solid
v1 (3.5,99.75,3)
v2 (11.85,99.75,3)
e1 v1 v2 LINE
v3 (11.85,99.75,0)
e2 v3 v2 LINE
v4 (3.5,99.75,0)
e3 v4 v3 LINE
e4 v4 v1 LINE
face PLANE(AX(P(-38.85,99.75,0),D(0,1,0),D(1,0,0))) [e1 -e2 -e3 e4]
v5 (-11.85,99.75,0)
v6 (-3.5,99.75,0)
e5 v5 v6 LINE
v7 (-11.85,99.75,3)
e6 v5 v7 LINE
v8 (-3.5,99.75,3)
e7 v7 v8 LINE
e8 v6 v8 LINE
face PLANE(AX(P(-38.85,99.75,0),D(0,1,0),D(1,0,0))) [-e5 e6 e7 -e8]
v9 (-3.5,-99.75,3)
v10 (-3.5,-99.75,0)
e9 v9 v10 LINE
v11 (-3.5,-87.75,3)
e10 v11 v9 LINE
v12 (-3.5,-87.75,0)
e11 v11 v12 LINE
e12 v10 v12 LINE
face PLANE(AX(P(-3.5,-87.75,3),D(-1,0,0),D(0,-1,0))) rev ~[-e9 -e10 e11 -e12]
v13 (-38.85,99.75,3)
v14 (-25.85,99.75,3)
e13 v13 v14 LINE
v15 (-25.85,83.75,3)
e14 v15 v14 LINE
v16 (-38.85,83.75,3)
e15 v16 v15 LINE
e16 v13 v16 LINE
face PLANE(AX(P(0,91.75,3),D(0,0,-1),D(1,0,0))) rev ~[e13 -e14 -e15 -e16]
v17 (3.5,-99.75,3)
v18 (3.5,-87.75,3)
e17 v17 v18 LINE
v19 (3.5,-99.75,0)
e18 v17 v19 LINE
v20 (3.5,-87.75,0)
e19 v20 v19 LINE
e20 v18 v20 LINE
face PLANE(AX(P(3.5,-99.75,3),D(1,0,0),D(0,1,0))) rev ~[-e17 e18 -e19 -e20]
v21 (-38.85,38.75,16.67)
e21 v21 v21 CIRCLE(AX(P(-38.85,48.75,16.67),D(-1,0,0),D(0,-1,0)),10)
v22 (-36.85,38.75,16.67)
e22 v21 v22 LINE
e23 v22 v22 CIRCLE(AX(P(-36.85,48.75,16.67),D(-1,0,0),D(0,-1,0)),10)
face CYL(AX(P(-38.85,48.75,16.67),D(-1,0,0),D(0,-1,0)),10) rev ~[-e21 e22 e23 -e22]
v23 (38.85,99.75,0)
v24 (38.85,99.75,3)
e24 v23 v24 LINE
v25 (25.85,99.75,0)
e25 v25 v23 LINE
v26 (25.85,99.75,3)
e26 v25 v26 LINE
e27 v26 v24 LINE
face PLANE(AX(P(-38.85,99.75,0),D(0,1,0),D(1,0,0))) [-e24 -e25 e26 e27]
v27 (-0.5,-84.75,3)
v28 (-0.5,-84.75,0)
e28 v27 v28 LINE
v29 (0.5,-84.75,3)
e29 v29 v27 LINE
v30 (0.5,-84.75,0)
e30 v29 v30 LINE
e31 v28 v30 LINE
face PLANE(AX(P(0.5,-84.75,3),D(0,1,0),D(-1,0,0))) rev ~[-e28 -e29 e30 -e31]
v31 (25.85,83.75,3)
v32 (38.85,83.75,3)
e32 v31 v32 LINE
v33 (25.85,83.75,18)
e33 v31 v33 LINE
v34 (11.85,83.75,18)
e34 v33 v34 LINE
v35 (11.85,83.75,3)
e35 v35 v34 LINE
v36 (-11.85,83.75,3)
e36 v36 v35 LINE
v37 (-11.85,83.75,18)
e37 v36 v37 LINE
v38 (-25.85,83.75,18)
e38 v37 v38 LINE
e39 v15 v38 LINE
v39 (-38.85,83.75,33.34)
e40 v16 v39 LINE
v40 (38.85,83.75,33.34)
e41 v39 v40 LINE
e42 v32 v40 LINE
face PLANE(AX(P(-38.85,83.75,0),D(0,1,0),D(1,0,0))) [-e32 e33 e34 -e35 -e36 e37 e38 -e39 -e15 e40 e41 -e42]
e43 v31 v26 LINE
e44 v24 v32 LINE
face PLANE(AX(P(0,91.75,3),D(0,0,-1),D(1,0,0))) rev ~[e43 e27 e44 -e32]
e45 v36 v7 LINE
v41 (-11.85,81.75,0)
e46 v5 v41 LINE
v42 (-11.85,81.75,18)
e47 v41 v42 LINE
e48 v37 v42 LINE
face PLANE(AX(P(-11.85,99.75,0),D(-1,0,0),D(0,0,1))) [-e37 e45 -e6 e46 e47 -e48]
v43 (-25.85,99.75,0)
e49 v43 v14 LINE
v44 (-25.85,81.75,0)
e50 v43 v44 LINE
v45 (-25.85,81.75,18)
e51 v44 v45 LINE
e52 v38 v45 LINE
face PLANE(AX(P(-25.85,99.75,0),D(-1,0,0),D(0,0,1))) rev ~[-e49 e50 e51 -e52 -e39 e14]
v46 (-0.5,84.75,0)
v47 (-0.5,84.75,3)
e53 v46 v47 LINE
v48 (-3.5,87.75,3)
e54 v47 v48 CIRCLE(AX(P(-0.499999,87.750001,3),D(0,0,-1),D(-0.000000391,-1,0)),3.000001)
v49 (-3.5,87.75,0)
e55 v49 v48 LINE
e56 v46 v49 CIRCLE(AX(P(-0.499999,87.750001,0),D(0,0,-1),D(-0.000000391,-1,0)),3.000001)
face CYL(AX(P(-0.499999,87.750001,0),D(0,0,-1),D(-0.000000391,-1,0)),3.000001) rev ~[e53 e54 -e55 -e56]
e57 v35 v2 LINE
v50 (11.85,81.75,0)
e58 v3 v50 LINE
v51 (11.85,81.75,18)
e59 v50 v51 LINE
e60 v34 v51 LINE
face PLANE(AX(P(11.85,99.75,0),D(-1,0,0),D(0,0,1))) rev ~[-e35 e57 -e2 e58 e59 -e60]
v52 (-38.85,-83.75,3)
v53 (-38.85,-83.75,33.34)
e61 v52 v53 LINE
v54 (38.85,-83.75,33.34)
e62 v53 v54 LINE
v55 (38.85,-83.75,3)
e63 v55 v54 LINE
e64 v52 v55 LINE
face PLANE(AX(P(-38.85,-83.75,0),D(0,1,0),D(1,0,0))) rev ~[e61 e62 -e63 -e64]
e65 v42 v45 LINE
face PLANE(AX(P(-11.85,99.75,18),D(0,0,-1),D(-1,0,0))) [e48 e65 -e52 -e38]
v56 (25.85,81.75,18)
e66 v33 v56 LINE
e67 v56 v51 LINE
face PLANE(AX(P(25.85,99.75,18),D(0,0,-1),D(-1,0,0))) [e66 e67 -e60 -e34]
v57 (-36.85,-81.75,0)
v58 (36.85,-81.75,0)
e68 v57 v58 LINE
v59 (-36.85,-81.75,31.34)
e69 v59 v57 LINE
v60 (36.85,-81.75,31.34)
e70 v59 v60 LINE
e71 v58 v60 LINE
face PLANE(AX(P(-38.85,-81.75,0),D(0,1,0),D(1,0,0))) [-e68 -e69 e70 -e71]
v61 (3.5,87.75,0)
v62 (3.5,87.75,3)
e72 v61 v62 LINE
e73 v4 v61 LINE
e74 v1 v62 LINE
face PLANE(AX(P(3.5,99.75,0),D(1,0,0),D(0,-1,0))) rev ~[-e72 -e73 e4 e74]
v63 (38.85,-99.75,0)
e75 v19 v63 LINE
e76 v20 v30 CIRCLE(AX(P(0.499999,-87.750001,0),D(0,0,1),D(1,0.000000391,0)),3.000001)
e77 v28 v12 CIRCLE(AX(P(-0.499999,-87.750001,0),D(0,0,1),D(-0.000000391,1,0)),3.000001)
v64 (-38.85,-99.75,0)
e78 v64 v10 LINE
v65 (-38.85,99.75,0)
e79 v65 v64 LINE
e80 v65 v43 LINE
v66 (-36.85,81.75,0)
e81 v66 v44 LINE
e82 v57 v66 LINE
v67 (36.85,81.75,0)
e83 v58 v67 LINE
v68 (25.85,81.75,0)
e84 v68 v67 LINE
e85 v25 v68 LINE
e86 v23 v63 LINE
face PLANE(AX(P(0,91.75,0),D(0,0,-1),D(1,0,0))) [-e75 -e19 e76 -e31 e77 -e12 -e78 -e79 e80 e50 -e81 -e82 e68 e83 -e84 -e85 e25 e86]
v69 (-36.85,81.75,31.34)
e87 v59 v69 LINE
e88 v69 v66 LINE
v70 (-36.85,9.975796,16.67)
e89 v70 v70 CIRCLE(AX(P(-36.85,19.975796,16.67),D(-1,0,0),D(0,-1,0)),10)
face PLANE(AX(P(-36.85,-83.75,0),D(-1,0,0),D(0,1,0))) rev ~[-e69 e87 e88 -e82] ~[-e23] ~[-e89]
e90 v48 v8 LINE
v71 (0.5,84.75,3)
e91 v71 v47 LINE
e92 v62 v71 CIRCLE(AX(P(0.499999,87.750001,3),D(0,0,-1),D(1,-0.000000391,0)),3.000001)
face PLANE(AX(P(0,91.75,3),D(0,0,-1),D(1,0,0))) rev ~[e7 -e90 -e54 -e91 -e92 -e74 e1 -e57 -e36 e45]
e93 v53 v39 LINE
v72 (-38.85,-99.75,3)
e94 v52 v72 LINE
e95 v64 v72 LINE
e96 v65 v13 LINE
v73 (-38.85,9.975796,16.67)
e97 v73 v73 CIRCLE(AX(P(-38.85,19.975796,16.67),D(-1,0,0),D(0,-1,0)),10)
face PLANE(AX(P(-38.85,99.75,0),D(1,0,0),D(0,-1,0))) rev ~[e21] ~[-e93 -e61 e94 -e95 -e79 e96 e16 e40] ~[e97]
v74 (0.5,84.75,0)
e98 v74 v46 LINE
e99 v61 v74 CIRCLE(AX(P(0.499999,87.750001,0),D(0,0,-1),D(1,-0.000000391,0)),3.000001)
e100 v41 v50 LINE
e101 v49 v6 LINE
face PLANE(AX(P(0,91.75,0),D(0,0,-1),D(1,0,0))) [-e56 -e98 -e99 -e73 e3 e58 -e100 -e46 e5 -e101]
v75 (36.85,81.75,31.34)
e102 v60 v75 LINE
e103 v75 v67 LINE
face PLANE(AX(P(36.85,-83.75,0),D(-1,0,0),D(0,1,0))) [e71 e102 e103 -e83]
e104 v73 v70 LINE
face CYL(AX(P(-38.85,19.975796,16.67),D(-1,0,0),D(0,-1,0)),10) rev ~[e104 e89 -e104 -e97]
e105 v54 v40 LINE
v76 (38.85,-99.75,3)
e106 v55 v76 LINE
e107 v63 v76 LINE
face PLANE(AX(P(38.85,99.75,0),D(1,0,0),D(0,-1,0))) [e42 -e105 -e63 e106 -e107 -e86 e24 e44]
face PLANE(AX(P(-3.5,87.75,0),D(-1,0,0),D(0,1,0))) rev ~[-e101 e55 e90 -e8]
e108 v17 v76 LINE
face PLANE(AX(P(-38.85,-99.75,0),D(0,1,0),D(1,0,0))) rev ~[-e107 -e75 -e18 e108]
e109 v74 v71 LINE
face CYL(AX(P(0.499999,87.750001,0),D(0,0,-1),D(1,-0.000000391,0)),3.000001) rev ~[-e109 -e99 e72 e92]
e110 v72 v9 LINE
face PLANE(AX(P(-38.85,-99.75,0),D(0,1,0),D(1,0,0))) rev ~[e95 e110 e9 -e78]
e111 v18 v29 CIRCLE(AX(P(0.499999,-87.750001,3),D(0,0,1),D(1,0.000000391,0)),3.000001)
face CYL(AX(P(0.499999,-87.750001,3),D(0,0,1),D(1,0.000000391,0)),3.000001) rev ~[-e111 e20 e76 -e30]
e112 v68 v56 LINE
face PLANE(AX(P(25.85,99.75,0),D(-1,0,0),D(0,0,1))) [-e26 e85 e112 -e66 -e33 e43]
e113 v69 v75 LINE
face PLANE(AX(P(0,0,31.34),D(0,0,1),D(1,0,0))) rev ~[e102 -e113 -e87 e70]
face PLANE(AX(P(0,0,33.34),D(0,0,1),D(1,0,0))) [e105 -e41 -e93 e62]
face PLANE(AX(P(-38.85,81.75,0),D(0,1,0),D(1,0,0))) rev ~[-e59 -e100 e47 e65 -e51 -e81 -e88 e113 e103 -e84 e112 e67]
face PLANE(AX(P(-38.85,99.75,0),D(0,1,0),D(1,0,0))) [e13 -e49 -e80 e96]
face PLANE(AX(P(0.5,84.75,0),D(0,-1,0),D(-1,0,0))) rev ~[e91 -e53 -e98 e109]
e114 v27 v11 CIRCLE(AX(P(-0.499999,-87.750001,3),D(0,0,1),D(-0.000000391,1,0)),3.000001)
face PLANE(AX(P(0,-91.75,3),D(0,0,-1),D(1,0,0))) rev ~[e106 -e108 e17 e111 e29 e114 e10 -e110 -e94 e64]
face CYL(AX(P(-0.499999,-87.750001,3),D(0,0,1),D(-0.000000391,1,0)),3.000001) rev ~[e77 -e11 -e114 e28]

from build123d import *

# Parameters (mm, degrees)
F0_W      = 77.7
F0_H      = 167.5
F1_DEPTH  = 33.34
F2_T      = -2
F3_R      = 10
F4_DEPTH  = 25
F5_W      = 77.7
F5_H      = 16
F6_DEPTH  = 3
F8_DEPTH  = 25
F9_W      = 77.7
F9_H      = 16
F10_DEPTH = 3
F12_DEPTH = 25
F13_W     = 14
F13_H     = 18
F14_DEPTH = 25


with BuildPart() as f1:
    # F0 (on Top) → F1 (new body)
    with BuildSketch(Plane.XY):
        Rectangle(F0_W, F0_H)
    extrude(amount=F1_DEPTH)

    # F2
    f2_openings = [f1.faces().sort_by_distance(p)[0] for p in [
        (0, 0, 0),
    ]]
    offset(amount=F2_T, openings=f2_openings)

    # F3 (on face) → F4 (cut)
    with BuildSketch(Plane(origin=(-38.85, 0, 0), x_dir=(0, -1, 0), z_dir=(-1, 0, 0))):
        with Locations((-19.975796, 16.67)):
            Circle(F3_R)
        with Locations((-48.75, 16.67)):
            Circle(F3_R)
    extrude(amount=-F4_DEPTH, mode=Mode.SUBTRACT)

    # F5 (on face) → F6 (join)
    with BuildSketch(Plane(origin=(0, 0, 0), x_dir=(1, 0, 0), z_dir=(0, 0, -1))):
        with Locations((0, 91.75)):
            Rectangle(F5_W, F5_H)
    extrude(amount=-F6_DEPTH)

    # F7 (on face) → F8 (cut)
    with BuildSketch(Plane.XY.offset(3)):
        with BuildLine():
            Line((-3.5, -87.75), (-3.5, -99.75))
            Line((-3.5, -99.75), (3.5, -99.75))
            Line((3.5, -99.75), (3.5, -87.75))
            ThreePointArc((3.5, -87.75), (2.62132, -85.62868), (0.5, -84.75))
            Line((0.5, -84.75), (-0.5, -84.75))
            ThreePointArc((-0.5, -84.75), (-2.62132, -85.62868), (-3.5, -87.75))
        make_face()
    extrude(amount=-F8_DEPTH, mode=Mode.SUBTRACT)

    # F9 (on face) → F10 (join)
    with BuildSketch(Plane(origin=(0, 0, 0), x_dir=(1, 0, 0), z_dir=(0, 0, -1))):
        with Locations((0, -91.75)):
            Rectangle(F9_W, F9_H)
    extrude(amount=-F10_DEPTH)

    # F11 (on face) → F12 (cut)
    with BuildSketch(Plane(origin=(0, 0, 0), x_dir=(1, 0, 0), z_dir=(0, 0, -1))):
        with BuildLine():
            Line((-3.5, -87.75), (-3.5, -99.75))
            Line((-3.5, -99.75), (3.5, -99.75))
            Line((3.5, -99.75), (3.5, -87.75))
            ThreePointArc((3.5, -87.75), (2.62132, -85.62868), (0.5, -84.75))
            Line((0.5, -84.75), (-0.5, -84.75))
            ThreePointArc((-0.5, -84.75), (-2.62132, -85.62868), (-3.5, -87.75))
        make_face()
    extrude(amount=-F12_DEPTH, mode=Mode.SUBTRACT)

    # F13 (on face) → F14 (cut)
    with BuildSketch(Plane(origin=(0, 99.75, 0), x_dir=(-1, 0, 0), z_dir=(0, 1, 0))):
        with Locations((18.85, 9)):
            Rectangle(F13_W, F13_H)
        with Locations((-18.85, 9)):
            Rectangle(F13_W, F13_H)
    extrude(amount=-F14_DEPTH, mode=Mode.SUBTRACT)


solid = f1.part
